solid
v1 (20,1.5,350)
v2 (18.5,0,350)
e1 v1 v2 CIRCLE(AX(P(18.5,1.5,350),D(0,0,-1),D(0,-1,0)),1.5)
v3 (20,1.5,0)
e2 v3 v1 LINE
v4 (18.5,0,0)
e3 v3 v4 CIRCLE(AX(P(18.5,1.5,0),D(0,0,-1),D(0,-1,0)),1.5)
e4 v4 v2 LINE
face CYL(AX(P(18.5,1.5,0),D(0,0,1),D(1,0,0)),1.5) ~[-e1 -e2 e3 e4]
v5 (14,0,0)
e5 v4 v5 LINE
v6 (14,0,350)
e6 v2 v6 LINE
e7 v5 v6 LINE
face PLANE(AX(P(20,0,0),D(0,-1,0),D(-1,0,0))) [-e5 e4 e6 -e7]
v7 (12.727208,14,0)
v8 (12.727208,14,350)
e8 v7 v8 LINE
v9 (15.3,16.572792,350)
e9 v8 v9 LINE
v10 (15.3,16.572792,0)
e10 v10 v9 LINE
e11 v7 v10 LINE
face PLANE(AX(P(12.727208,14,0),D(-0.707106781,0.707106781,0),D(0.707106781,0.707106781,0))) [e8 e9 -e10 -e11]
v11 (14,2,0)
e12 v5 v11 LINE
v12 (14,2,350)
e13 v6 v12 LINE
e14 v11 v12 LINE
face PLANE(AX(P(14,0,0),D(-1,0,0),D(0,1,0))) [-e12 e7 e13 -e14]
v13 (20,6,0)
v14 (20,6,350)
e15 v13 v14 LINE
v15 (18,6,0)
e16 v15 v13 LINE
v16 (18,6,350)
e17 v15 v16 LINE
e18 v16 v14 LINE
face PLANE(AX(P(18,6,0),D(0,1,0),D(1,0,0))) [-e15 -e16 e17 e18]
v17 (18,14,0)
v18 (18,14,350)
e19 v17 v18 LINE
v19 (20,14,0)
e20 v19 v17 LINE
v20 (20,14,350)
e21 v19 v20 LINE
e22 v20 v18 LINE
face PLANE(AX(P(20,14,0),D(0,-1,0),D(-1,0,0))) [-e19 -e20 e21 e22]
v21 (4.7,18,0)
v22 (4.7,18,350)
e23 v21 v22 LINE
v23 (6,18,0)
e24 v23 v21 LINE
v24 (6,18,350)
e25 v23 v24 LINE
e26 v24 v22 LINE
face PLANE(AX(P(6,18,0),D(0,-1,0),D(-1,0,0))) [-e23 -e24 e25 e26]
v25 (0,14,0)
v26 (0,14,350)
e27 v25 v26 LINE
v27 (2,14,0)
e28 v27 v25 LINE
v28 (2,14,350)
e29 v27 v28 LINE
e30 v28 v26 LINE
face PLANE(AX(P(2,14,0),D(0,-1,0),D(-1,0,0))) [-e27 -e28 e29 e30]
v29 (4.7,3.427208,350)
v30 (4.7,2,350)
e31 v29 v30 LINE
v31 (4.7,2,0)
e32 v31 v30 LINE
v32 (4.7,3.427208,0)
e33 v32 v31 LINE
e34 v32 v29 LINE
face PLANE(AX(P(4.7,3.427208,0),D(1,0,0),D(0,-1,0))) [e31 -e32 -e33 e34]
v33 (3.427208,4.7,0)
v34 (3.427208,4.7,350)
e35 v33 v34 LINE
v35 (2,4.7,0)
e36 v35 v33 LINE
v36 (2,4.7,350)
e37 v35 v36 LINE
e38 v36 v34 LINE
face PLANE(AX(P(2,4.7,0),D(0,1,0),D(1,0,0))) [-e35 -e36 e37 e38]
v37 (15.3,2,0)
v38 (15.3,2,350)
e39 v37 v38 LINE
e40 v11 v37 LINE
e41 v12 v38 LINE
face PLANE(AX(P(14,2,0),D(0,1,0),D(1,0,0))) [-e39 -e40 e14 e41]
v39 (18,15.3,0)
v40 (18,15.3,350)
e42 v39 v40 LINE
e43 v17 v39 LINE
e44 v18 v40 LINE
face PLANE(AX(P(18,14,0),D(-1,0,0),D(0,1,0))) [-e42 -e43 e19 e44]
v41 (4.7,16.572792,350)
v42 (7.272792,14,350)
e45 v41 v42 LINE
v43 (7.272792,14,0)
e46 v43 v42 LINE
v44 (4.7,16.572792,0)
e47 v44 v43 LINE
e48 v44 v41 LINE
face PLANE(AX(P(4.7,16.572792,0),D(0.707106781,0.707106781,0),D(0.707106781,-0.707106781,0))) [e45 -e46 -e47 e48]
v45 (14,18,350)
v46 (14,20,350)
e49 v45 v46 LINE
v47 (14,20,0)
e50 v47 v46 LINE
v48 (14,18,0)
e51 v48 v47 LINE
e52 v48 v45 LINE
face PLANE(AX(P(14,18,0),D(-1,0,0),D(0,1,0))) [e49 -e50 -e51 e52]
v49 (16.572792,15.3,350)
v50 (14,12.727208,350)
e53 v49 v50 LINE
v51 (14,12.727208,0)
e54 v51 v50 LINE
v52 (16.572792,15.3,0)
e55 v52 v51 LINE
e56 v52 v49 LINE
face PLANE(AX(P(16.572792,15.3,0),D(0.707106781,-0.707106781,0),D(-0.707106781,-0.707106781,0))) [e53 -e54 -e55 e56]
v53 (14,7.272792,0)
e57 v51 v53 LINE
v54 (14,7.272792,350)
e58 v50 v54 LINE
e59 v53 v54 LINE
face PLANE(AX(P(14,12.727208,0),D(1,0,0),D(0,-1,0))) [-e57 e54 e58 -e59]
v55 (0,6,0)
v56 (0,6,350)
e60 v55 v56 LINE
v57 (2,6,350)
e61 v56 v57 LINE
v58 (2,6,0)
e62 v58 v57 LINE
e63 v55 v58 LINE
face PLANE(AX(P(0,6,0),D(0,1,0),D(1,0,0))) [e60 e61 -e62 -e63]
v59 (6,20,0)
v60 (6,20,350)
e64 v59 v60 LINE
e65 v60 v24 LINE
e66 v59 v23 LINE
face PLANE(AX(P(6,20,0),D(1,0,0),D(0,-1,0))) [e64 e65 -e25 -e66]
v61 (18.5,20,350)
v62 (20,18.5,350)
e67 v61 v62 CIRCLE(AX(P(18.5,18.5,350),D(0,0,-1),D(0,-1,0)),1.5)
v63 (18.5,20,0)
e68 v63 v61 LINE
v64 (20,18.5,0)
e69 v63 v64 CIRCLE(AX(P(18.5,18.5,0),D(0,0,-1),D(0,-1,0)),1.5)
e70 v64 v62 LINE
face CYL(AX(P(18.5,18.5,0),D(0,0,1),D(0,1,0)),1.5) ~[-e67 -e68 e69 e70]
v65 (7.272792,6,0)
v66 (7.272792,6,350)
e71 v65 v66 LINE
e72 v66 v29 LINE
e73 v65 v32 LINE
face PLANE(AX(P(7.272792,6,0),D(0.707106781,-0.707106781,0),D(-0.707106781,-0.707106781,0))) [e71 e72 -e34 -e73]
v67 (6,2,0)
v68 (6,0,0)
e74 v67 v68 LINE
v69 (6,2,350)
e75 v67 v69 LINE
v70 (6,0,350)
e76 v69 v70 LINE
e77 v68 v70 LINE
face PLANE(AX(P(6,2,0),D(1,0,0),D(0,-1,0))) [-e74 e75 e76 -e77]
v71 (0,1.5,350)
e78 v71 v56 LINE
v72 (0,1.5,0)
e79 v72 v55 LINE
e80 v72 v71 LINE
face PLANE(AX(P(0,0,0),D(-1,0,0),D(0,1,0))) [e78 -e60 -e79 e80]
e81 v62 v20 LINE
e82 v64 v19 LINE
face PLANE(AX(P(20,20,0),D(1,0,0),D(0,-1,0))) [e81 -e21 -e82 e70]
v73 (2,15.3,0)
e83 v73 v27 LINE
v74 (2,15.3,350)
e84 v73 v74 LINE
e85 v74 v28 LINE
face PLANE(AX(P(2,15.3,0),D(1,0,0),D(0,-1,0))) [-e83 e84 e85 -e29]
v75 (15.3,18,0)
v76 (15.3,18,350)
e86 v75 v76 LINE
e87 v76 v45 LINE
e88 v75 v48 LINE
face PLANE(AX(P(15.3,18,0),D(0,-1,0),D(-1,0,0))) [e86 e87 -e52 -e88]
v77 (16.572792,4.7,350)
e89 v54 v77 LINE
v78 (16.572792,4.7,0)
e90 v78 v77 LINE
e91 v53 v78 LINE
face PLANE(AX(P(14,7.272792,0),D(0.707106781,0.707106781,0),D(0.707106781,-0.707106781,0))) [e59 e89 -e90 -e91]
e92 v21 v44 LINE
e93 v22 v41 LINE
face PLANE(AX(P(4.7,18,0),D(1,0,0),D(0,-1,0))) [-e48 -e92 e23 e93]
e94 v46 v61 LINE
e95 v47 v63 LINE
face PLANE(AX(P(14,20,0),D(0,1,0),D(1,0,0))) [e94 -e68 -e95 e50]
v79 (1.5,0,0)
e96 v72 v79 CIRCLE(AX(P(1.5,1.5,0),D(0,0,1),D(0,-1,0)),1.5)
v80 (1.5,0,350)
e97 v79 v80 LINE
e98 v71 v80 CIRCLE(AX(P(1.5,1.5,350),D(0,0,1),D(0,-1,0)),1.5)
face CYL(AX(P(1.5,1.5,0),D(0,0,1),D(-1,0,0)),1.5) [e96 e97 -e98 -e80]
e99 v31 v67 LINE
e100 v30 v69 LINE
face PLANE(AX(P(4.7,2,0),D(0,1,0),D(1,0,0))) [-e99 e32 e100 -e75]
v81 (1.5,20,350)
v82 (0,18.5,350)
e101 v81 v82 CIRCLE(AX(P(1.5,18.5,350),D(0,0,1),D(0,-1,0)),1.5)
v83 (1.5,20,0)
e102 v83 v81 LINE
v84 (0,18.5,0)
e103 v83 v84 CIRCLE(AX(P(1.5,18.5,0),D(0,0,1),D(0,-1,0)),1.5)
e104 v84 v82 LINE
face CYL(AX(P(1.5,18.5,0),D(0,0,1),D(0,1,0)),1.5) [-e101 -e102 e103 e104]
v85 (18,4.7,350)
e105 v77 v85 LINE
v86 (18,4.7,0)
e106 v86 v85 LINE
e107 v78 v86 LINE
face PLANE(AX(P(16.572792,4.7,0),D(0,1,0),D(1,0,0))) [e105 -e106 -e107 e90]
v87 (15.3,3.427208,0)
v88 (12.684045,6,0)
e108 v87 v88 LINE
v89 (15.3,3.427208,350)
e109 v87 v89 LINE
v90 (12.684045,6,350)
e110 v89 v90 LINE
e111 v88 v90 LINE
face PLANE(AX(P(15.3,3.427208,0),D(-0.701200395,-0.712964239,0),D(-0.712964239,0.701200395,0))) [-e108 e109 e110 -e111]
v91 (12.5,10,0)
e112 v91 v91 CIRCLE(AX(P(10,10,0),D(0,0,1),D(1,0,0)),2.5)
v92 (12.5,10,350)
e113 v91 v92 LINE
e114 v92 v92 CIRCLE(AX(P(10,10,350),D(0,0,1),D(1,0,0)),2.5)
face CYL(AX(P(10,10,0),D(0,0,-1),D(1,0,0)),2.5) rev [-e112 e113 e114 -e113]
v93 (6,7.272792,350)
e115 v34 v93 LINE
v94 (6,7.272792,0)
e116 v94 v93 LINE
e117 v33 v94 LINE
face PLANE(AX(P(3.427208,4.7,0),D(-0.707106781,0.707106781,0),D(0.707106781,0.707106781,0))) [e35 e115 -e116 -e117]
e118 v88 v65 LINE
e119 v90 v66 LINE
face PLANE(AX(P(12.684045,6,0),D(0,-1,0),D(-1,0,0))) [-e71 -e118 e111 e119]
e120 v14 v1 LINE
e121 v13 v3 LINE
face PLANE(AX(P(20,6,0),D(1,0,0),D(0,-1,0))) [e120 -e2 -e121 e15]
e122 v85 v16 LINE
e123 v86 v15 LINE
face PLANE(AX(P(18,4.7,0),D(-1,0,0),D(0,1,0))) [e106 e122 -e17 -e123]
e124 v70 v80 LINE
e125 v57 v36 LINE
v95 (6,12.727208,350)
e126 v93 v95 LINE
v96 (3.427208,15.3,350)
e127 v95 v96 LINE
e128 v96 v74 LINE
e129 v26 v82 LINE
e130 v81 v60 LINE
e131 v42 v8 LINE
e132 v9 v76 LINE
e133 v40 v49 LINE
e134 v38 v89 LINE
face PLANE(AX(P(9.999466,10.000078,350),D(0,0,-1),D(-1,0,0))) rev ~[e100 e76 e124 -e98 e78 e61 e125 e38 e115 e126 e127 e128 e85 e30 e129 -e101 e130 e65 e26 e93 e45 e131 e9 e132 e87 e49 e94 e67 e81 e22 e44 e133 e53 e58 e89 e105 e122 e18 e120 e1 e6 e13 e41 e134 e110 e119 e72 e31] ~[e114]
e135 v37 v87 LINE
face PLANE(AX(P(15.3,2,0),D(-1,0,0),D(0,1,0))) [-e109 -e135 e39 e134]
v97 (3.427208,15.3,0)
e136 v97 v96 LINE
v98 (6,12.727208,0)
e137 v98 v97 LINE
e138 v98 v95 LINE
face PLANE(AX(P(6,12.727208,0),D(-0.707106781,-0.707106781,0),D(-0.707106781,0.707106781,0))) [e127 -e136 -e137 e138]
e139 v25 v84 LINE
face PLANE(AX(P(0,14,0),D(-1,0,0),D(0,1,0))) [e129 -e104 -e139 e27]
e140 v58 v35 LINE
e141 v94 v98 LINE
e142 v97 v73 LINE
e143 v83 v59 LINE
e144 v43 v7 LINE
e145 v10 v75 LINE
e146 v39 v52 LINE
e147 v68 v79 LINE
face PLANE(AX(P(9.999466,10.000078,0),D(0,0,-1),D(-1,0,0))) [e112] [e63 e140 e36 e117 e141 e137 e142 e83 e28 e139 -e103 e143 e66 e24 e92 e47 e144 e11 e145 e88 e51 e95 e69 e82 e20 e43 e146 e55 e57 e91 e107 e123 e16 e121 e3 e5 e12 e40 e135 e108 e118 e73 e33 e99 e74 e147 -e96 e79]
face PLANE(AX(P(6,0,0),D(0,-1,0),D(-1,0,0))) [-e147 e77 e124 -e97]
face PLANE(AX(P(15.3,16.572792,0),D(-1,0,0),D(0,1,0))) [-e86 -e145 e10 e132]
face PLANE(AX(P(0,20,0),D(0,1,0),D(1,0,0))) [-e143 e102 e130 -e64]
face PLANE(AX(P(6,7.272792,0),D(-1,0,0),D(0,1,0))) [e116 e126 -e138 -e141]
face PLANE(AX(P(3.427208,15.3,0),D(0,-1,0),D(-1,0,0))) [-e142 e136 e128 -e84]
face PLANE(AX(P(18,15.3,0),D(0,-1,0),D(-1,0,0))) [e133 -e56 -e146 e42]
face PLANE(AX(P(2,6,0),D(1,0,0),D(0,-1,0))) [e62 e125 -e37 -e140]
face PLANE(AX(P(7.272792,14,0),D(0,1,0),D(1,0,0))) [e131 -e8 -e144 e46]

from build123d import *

# Parameters (mm, degrees)
SKETCH_1_R      = 2.5
EXTRUDE_1_DEPTH = 350
FILLET_1_R      = 1.5


with BuildPart() as part:
    # Эскиз1 → Бобышка-Вытянуть1 (new body)
    with BuildSketch(Plane.XY):
        Polygon((14, 20), (20, 20), (20, 14), (18, 14), (18, 15.3), (16.572792206, 15.3), (14, 12.727207794), (14, 7.272792206), (16.572792206, 4.7), (18, 4.7), (18, 6), (20, 6), (20, 0), (14, 0), (14, 2), (15.3, 2), (15.3, 3.427207794), (12.684044775, 6), (7.272792206, 6), (4.7, 3.427207794), (4.7, 2), (6, 2), (6, 0), (0, 0), (0, 6), (2, 6), (2, 4.7), (3.427207794, 4.7), (6, 7.272792206), (6, 12.727207794), (3.427207794, 15.3), (2, 15.3), (2, 14), (0, 14), (0, 20), (6, 20), (6, 18), (4.7, 18), (4.7, 16.572792206), (7.272792206, 14), (12.727207794, 14), (15.3, 16.572792206), (15.3, 18), (14, 18), align=None)
        with Locations((10, 10)):
            Circle(SKETCH_1_R, mode=Mode.SUBTRACT)
    extrude(amount=EXTRUDE_1_DEPTH)

    # Скругление1
    fillet_1_edges = [part.edges().sort_by_distance(p)[0] for p in [
        (0, 20, 175),
        (20, 20, 175),
        (20, 0, 175),
        (0, 0, 175),
    ]]
    fillet(fillet_1_edges, radius=FILLET_1_R)


solid = part.part
